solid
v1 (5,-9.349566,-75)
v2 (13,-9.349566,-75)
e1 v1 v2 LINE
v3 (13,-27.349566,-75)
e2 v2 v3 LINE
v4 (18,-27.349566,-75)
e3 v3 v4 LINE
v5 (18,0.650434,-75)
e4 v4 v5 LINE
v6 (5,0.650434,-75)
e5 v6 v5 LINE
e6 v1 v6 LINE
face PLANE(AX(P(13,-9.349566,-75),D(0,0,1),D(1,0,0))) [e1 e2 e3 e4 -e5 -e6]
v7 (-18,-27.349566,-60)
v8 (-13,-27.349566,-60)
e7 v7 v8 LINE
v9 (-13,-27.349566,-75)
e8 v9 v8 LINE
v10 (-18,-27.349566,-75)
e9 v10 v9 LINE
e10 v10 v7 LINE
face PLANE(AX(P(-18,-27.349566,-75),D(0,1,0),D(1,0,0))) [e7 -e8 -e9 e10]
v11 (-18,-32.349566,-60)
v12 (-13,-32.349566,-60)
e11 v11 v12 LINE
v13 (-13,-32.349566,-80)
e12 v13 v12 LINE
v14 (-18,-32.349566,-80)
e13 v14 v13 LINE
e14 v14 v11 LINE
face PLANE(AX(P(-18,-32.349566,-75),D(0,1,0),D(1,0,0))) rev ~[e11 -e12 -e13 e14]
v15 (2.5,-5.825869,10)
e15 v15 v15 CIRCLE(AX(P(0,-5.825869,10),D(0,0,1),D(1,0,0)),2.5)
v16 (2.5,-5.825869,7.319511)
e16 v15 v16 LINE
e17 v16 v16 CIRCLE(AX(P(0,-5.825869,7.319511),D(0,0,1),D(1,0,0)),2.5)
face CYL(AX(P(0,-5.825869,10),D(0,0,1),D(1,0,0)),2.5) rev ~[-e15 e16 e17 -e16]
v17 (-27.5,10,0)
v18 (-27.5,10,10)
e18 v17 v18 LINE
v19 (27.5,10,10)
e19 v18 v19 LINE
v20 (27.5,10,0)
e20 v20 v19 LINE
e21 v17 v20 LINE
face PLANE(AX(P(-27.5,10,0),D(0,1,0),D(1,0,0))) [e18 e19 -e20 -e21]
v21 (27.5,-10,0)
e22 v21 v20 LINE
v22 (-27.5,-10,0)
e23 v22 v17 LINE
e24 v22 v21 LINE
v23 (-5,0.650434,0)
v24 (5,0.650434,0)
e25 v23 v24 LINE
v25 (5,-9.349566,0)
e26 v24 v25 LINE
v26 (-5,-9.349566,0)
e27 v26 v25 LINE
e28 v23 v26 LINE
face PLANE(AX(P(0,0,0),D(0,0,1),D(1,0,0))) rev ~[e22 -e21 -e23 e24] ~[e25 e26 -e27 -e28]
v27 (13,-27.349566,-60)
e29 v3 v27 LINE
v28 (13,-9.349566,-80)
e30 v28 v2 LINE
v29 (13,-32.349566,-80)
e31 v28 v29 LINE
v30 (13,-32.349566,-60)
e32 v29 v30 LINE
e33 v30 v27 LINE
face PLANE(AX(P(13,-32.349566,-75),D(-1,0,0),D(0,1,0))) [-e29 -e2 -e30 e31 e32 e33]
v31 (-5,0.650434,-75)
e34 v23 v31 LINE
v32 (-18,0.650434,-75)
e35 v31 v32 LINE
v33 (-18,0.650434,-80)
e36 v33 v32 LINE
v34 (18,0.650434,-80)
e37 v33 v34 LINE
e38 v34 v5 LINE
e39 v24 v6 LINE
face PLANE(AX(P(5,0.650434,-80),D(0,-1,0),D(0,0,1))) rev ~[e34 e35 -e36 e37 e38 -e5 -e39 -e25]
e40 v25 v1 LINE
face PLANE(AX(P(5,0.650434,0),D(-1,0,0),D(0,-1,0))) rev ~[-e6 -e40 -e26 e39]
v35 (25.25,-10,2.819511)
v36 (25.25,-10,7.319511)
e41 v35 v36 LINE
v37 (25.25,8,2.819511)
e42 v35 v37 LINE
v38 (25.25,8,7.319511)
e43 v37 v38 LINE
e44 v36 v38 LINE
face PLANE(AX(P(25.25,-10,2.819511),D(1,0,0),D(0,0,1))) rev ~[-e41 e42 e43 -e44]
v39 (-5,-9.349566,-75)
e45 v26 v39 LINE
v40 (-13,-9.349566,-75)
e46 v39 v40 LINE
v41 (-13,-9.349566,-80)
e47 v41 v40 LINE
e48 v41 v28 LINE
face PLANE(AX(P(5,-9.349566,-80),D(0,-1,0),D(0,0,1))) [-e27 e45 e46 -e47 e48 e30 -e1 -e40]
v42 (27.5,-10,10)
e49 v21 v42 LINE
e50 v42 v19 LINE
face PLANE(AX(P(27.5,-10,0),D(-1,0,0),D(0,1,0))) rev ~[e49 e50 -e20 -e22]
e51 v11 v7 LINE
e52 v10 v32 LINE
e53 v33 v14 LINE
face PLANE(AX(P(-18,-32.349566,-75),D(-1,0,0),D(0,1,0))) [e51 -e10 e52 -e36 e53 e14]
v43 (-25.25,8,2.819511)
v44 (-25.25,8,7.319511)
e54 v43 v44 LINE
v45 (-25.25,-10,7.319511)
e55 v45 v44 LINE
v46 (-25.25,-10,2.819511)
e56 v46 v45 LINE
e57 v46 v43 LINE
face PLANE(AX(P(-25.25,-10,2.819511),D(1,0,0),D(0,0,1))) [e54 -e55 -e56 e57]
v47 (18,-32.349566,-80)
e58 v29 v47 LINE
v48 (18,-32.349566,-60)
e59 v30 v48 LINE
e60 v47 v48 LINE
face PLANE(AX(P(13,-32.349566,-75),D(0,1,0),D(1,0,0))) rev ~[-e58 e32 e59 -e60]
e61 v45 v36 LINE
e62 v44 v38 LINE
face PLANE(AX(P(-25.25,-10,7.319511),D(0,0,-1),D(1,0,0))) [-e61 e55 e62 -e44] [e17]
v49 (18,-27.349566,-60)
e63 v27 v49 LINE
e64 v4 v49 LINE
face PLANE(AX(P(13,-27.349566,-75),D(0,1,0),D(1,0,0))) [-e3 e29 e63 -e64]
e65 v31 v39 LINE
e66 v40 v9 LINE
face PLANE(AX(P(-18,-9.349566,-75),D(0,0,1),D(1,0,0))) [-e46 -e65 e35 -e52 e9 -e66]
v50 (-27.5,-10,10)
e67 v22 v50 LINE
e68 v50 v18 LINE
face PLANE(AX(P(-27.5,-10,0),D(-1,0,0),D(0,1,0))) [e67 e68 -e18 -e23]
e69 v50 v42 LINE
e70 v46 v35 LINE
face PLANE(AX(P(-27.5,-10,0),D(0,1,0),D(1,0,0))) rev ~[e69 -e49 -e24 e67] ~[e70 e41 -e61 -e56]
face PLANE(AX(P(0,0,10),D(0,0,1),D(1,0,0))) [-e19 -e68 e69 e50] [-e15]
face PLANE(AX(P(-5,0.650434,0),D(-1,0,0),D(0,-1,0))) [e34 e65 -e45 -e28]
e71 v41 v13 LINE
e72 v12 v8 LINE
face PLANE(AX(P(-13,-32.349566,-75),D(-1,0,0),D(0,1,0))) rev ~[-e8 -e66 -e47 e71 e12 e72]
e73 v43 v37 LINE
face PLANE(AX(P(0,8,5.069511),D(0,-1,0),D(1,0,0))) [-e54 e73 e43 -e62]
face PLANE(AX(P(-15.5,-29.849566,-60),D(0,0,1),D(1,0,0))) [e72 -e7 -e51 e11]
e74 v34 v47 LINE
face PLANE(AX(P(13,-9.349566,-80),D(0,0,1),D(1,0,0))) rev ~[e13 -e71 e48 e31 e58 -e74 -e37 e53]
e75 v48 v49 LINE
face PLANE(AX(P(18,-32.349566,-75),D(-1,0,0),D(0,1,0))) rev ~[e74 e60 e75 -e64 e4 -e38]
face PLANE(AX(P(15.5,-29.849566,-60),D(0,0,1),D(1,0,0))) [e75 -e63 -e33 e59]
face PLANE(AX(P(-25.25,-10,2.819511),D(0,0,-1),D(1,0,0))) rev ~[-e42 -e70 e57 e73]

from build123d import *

# Parameters (mm, degrees)
SKETCH_W        = 55
SKETCH_H        = 20
PAD_DEPTH       = 10
SKETCH001_W     = 50.5
SKETCH001_H     = 4.5
POCKET_DEPTH    = 18
SKETCH002_R     = 2.5
POCKET001_DEPTH = 5
SKETCH003_W     = 10
SKETCH003_H     = 10
PAD001_DEPTH    = 80
SKETCH004_W     = 10
SKETCH004_H     = 5
PAD002_DEPTH    = 13
SKETCH005_W     = 10
SKETCH005_H     = 5
PAD003_DEPTH    = 13
SKETCH006_W     = 5
SKETCH006_H     = 5
PAD004_DEPTH    = 23
SKETCH007_W     = 5
SKETCH007_H     = 5
PAD005_DEPTH    = 23
SKETCH008_W     = 5
SKETCH008_H     = 5
PAD006_DEPTH    = 15
SKETCH009_W     = 5
SKETCH009_H     = 5
PAD007_DEPTH    = 15


with BuildPart() as part:
    # Sketch → Pad (new body)
    with BuildSketch(Plane.XY):
        Rectangle(SKETCH_W, SKETCH_H)
    extrude(amount=PAD_DEPTH)

    # Sketch001 (on Face3 of Pad) → Pocket (cut)
    with BuildSketch(Plane.XZ.offset(10)):
        with Locations((0, 5.069511)):
            Rectangle(SKETCH001_W, SKETCH001_H)
    extrude(amount=-POCKET_DEPTH, mode=Mode.SUBTRACT)

    # Sketch002 (on Face5 of Pocket) → Pocket001 (cut)
    with BuildSketch(Plane.XY.offset(10)):
        with Locations((0, -5.825869)):
            Circle(SKETCH002_R)
    extrude(amount=-POCKET001_DEPTH, mode=Mode.SUBTRACT)

    # Sketch003 (on Face4 of Pocket001) → Pad001 (join)
    with BuildSketch(Plane(origin=(0, 0, 0), x_dir=(1, 0, 0), z_dir=(0, 0, -1))):
        with Locations((0, 4.349566)):
            Rectangle(SKETCH003_W, SKETCH003_H)
    extrude(amount=PAD001_DEPTH)

    # Sketch004 (on Face7 of Pad001) → Pad002 (join)
    with BuildSketch(Plane(origin=(-5, 0, 0), x_dir=(0, -1, 0), z_dir=(-1, 0, 0))):
        with Locations((4.349566, -77.5)):
            Rectangle(SKETCH004_W, SKETCH004_H)
    extrude(amount=PAD002_DEPTH)

    # Sketch005 (on Face9 of Pad002) → Pad003 (join)
    with BuildSketch(Plane.YZ.offset(5)):
        with Locations((-4.349566, -77.5)):
            Rectangle(SKETCH005_W, SKETCH005_H)
    extrude(amount=PAD003_DEPTH)

    # Sketch006 (on Face21 of Pad003) → Pad004 (join)
    with BuildSketch(Plane.XZ.offset(9.349566)):
        with Locations((-15.5, -77.5)):
            Rectangle(SKETCH006_W, SKETCH006_H)
    extrude(amount=PAD004_DEPTH)

    # Sketch007 (on Face22 of Pad004) → Pad005 (join)
    with BuildSketch(Plane.XZ.offset(9.349566)):
        with Locations((15.5, -77.5)):
            Rectangle(SKETCH007_W, SKETCH007_H)
    extrude(amount=PAD005_DEPTH)

    # Sketch008 (on Face24 of Pad005) → Pad006 (join)
    with BuildSketch(Plane.XY.offset(-75)):
        with Locations((-15.5, -29.849566)):
            Rectangle(SKETCH008_W, SKETCH008_H)
    extrude(amount=PAD006_DEPTH)

    # Sketch009 (on Face29 of Pad006) → Pad007 (join)
    with BuildSketch(Plane.XY.offset(-75)):
        with Locations((15.5, -29.849566)):
            Rectangle(SKETCH009_W, SKETCH009_H)
    extrude(amount=PAD007_DEPTH)


solid = part.part
